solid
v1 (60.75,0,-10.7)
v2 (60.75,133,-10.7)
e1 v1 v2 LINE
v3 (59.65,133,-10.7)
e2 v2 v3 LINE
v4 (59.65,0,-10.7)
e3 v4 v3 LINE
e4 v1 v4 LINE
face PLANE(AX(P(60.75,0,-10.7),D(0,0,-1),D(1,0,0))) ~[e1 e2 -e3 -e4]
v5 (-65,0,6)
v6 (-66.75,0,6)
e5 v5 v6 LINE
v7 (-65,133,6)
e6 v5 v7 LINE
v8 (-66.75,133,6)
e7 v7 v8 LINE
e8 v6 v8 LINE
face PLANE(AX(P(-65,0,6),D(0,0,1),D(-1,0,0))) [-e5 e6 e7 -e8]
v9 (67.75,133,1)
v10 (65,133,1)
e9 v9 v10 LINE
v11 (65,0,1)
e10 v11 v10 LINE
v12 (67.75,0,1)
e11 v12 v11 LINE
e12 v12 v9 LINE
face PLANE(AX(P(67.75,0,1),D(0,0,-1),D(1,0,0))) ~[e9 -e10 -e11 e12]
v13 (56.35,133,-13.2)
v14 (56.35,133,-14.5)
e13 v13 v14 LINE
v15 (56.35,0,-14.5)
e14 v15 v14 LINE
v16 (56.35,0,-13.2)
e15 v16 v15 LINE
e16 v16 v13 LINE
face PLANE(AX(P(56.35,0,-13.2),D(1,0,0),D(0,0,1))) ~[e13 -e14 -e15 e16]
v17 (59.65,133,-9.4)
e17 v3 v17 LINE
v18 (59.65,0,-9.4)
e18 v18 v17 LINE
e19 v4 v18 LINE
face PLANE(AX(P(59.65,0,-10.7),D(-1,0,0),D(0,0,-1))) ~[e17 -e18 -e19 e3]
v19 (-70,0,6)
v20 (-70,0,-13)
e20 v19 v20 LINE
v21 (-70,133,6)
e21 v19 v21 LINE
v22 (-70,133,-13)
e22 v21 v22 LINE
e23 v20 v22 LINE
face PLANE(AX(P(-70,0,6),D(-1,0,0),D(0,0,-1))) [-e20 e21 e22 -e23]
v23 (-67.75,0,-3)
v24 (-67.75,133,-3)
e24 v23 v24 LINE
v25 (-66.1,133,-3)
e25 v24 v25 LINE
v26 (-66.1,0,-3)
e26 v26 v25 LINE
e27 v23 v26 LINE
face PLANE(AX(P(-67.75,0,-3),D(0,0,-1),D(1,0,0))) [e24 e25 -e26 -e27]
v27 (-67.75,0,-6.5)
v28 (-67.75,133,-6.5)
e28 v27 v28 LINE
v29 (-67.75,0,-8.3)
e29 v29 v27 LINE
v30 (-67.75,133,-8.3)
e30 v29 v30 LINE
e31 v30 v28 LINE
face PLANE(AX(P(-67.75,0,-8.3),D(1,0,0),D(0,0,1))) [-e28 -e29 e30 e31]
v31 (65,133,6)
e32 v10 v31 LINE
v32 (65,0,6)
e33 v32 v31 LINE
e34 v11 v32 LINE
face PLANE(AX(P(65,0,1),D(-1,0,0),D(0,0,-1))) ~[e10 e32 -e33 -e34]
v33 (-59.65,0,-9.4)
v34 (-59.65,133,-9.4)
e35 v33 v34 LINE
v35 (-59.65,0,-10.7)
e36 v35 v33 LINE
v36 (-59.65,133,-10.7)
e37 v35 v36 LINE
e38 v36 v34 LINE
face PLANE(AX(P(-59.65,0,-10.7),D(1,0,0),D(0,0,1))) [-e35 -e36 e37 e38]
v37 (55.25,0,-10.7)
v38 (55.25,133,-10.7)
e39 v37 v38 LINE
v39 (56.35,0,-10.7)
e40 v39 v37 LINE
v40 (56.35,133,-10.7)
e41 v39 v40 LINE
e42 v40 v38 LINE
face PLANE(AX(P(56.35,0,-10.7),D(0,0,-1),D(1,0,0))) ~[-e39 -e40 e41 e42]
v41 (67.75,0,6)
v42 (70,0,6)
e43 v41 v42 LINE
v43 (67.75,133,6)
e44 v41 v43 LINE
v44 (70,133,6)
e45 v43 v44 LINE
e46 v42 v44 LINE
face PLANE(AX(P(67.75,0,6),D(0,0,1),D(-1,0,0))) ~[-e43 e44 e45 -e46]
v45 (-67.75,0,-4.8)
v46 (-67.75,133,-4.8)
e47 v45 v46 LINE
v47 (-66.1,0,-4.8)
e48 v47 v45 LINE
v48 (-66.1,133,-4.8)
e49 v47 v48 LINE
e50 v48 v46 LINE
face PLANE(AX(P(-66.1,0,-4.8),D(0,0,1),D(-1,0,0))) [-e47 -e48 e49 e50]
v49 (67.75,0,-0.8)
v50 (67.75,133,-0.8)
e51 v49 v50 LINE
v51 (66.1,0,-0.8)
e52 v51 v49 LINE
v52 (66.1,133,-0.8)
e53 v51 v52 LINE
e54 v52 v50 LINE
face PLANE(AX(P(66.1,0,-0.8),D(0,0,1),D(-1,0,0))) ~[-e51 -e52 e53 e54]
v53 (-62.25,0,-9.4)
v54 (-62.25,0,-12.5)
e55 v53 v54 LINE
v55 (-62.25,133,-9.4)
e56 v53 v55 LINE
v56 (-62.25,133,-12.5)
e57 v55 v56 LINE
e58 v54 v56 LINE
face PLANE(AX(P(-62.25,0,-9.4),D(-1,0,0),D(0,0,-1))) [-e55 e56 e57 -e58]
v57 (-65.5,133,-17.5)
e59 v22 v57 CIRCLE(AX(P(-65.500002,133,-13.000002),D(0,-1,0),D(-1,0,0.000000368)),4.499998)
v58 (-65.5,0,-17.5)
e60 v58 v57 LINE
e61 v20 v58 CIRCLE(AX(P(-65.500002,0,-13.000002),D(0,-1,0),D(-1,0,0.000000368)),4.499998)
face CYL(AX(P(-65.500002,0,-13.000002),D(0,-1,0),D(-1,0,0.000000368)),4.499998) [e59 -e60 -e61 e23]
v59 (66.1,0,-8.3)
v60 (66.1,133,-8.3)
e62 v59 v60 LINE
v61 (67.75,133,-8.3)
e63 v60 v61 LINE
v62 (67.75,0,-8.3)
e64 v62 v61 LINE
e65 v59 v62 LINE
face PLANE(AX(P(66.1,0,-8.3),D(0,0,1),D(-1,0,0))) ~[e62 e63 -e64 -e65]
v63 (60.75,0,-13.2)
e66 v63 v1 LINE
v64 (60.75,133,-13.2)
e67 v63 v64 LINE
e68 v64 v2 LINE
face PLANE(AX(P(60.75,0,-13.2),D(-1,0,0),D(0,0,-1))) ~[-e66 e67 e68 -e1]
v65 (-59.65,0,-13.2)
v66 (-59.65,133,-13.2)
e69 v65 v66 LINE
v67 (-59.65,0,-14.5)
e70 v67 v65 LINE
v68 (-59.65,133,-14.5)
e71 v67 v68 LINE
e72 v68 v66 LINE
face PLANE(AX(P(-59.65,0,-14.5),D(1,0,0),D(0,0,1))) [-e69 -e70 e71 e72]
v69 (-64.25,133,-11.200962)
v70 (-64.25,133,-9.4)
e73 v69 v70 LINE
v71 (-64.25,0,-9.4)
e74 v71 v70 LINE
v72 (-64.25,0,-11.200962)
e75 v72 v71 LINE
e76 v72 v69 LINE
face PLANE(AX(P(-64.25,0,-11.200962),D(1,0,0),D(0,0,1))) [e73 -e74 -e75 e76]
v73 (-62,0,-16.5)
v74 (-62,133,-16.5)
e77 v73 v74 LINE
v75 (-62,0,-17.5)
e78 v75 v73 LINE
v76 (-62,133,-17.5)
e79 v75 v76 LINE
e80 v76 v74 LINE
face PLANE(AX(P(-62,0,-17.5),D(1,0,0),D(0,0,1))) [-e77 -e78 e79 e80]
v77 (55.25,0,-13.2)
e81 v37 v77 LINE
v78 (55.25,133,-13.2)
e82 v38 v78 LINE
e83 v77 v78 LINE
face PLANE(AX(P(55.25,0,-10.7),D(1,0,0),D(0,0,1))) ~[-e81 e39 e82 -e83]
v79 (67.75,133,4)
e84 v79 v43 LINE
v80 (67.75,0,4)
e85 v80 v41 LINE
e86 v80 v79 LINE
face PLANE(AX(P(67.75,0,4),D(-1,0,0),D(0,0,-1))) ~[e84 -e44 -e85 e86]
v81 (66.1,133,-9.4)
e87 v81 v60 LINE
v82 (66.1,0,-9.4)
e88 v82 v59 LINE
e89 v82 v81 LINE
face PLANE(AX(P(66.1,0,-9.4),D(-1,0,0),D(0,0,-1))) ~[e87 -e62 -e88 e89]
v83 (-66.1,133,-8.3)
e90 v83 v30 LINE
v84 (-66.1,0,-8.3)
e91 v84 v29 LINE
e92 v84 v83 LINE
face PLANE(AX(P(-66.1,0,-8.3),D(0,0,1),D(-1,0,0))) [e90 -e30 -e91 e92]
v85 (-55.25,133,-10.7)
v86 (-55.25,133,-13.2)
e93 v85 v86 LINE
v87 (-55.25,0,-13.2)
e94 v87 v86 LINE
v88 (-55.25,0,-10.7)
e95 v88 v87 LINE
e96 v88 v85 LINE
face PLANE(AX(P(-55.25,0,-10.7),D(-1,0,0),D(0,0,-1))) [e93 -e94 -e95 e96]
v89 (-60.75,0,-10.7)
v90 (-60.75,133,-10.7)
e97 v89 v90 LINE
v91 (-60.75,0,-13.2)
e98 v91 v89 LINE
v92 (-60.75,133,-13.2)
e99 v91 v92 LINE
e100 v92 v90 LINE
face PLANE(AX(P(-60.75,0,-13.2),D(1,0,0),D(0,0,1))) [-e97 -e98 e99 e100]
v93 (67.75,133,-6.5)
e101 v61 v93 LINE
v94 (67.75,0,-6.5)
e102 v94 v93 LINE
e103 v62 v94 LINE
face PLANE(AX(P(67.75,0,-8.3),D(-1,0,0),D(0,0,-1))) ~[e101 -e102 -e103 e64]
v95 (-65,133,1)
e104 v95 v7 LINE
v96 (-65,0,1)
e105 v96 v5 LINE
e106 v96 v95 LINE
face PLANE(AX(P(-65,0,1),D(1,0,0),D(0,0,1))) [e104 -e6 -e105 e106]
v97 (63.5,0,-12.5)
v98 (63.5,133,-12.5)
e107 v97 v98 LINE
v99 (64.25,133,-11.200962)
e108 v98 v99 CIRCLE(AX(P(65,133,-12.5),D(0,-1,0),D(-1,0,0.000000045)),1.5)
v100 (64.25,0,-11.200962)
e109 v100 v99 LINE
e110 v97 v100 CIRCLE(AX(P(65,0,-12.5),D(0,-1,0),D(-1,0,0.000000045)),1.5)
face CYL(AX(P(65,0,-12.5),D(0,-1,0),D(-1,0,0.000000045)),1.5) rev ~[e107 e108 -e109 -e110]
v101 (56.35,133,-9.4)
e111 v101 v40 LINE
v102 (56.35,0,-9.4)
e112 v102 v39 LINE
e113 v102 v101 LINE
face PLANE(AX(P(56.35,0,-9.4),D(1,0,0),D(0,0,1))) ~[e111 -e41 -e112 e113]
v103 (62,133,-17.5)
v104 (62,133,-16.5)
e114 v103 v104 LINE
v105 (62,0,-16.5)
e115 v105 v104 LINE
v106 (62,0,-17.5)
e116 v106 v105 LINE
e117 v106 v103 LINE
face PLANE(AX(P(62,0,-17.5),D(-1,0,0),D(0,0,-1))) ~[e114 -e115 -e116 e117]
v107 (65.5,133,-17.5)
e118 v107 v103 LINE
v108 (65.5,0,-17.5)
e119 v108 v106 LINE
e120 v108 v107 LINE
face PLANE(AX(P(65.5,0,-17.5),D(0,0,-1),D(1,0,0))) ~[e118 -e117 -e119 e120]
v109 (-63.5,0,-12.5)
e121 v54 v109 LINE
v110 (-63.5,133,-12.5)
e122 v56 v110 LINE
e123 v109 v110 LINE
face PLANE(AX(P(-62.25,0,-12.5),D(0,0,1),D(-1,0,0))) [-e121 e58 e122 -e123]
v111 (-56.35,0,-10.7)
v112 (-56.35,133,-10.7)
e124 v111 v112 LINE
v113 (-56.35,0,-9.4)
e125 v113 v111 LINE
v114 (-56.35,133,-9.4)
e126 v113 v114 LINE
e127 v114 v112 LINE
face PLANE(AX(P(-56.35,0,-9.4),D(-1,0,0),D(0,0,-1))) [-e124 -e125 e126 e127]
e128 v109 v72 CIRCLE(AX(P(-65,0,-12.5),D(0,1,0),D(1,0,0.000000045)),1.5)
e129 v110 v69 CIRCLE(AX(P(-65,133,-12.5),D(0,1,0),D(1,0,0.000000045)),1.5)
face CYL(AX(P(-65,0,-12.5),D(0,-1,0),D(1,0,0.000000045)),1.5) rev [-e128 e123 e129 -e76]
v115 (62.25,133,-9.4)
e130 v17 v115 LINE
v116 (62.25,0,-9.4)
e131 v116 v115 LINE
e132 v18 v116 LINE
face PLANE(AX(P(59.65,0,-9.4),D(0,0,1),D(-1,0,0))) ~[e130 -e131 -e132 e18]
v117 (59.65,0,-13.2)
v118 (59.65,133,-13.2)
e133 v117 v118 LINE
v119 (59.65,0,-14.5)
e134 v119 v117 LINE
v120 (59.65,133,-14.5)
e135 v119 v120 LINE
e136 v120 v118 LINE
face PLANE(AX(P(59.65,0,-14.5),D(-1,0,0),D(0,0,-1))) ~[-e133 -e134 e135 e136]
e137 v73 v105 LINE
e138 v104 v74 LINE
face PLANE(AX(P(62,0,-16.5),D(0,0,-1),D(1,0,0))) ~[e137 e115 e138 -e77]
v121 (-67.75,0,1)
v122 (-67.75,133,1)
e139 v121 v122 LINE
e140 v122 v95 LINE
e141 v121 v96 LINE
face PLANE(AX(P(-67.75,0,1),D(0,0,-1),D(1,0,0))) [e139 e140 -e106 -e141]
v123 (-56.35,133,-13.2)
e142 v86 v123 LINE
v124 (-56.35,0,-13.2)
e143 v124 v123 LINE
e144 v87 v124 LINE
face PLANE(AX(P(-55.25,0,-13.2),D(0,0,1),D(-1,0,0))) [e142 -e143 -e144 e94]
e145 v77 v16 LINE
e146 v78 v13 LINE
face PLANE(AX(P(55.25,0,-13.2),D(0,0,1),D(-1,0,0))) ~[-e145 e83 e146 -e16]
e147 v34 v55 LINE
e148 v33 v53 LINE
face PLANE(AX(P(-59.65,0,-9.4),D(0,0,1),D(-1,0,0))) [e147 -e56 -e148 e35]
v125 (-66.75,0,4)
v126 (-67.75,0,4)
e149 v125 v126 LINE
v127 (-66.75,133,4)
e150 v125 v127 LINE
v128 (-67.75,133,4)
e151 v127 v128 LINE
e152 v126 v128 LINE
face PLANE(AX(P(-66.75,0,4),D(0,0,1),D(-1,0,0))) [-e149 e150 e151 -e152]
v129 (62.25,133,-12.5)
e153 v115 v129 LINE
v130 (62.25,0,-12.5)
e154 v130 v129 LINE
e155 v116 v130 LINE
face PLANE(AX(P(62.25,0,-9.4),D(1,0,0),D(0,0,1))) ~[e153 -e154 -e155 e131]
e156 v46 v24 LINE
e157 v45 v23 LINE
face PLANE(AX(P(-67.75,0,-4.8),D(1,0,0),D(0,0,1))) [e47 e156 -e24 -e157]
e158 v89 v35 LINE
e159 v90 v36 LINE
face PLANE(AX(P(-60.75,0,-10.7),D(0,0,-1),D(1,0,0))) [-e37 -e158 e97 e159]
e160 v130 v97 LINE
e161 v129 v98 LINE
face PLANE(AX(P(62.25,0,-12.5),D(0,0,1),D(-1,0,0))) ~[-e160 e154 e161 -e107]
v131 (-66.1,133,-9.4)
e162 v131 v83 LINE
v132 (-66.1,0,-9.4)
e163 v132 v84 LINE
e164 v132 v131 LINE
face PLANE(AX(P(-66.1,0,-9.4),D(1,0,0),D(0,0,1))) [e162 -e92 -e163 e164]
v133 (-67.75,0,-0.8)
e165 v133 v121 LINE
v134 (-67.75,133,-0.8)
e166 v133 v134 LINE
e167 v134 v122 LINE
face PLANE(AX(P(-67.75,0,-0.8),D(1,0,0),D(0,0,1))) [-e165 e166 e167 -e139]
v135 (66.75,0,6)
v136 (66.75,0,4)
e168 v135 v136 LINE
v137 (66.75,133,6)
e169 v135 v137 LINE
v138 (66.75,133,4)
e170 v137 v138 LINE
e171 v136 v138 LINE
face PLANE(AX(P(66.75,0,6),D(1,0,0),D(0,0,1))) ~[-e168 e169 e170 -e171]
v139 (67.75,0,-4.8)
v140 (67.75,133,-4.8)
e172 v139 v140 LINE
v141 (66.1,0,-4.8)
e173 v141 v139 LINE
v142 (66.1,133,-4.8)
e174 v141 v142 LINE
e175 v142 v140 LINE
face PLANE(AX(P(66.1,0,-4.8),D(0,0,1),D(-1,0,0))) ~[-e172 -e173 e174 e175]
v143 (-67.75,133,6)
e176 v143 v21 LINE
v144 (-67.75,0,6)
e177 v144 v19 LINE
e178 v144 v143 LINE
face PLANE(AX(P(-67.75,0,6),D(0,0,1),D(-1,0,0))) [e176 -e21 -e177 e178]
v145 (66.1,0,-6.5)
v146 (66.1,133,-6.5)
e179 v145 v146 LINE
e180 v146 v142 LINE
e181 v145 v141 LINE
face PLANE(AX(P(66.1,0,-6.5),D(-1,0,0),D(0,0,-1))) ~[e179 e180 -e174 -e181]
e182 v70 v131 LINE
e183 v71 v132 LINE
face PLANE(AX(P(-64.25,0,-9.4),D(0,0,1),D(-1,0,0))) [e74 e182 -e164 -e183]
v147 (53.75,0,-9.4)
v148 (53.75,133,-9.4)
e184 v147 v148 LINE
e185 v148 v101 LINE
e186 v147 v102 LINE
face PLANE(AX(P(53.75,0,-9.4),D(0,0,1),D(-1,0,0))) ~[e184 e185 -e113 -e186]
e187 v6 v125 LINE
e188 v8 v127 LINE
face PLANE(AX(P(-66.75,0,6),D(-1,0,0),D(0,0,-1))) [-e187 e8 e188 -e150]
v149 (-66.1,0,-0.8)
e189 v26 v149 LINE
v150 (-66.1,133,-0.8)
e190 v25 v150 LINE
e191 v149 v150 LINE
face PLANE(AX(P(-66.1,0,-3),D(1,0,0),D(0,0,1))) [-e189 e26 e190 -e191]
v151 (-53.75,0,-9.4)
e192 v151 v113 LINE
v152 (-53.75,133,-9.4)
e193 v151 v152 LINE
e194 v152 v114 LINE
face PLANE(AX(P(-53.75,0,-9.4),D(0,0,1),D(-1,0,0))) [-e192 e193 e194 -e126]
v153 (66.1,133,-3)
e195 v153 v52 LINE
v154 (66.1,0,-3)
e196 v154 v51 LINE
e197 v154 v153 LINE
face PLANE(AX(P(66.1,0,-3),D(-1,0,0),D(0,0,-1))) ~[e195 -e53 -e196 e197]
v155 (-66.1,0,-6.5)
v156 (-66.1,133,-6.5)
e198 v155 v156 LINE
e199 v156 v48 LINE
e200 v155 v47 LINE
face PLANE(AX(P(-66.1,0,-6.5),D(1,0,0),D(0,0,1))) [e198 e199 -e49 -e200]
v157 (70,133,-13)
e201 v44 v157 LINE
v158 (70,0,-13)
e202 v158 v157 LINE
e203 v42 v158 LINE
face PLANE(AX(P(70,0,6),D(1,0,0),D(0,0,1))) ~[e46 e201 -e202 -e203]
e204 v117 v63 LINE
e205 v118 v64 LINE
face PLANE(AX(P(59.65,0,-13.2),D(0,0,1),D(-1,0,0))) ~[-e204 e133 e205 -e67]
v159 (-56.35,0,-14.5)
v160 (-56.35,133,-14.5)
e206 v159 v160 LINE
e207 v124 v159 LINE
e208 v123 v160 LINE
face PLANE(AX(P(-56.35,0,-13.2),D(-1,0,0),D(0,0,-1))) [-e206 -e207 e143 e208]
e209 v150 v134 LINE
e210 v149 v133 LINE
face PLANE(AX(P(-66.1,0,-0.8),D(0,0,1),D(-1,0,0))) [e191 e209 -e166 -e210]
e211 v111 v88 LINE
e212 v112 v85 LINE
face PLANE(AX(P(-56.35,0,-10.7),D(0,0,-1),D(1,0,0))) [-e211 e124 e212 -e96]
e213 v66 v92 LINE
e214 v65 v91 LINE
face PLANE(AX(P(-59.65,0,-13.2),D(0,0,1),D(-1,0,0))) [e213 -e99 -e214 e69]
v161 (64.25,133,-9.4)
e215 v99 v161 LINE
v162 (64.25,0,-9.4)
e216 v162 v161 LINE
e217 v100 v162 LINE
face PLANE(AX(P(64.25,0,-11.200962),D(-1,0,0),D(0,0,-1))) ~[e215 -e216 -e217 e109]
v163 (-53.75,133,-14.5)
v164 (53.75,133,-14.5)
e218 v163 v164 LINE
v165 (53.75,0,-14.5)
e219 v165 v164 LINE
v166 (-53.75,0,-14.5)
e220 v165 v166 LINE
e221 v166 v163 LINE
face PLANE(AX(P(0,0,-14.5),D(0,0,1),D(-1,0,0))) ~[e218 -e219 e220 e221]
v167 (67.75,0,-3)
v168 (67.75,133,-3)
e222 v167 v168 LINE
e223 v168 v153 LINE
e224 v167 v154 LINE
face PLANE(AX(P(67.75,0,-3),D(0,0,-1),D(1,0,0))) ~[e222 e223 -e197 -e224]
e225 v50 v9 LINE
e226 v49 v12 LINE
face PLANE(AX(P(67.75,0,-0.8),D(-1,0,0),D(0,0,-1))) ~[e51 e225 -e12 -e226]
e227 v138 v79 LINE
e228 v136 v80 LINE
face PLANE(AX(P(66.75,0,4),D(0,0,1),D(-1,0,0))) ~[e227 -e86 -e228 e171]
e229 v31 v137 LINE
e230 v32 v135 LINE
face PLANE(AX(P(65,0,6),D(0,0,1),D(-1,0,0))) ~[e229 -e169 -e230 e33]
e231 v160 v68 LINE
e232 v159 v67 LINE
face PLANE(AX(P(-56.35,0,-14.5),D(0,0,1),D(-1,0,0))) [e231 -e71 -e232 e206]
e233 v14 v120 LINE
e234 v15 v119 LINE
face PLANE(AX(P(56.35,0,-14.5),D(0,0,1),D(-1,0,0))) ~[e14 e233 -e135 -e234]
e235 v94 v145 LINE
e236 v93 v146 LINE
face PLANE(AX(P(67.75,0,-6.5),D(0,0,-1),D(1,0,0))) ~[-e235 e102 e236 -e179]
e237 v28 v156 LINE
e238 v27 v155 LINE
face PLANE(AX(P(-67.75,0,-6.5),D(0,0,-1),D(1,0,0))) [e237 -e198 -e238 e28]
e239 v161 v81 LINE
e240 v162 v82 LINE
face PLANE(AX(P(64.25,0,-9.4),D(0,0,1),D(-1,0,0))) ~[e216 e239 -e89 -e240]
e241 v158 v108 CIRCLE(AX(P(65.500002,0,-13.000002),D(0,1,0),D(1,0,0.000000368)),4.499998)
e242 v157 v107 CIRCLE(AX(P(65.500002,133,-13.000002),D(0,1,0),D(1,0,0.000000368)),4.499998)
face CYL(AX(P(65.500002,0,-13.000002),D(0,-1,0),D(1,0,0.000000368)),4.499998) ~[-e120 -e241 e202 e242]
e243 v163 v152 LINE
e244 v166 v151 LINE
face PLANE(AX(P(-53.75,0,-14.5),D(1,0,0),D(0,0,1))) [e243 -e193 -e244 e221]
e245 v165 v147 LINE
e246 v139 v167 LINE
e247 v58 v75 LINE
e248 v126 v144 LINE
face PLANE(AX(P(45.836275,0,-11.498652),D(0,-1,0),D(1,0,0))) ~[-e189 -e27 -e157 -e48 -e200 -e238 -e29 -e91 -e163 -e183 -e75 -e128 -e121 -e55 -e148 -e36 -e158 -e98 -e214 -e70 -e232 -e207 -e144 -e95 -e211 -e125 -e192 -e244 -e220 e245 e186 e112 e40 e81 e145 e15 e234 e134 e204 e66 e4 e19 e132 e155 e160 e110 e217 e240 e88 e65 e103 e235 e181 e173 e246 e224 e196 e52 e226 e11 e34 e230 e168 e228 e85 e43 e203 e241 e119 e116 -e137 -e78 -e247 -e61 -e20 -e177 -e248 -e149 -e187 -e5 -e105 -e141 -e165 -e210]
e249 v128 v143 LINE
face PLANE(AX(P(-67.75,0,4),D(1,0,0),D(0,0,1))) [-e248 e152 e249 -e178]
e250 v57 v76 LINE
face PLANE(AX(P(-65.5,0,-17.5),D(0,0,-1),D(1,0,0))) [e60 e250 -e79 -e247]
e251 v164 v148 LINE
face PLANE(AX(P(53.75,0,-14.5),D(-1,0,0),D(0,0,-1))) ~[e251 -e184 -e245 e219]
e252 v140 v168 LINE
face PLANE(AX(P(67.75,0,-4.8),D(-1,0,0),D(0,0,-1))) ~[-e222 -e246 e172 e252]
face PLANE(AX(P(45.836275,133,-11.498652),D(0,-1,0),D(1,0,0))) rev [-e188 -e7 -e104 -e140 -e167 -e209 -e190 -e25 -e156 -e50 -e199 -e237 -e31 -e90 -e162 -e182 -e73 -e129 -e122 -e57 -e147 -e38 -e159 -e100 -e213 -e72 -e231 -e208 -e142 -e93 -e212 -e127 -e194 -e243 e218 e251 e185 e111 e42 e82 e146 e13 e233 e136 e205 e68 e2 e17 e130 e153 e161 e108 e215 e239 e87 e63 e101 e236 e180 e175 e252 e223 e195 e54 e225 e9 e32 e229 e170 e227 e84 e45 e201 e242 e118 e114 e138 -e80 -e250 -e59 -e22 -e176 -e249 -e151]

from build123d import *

# Parameters (mm, degrees)
F1_DEPTH = 133


with BuildPart() as f1:
    # F0 (on Front) → F1 (new body)
    with BuildSketch(Plane.XZ):
        with BuildLine():
            Line((-67.75, 6), (-70, 6))
            Line((-70, 6), (-70, -13))
            ThreePointArc((-70, -13), (-68.681981, -16.181981), (-65.5, -17.5))
            Line((-65.5, -17.5), (-62, -17.5))
            Line((-62, -17.5), (-62, -16.5))
            Line((-62, -16.5), (0, -16.5))
            Line((0, -16.5), (0, -14.5))
            Line((0, -14.5), (-53.75, -14.5))
            Line((-53.75, -14.5), (-53.75, -9.4))
            Line((-53.75, -9.4), (-56.35, -9.4))
            Line((-56.35, -9.4), (-56.35, -10.7))
            Line((-56.35, -10.7), (-55.25, -10.7))
            Line((-55.25, -10.7), (-55.25, -13.2))
            Line((-55.25, -13.2), (-56.35, -13.2))
            Line((-56.35, -13.2), (-56.35, -14.5))
            Line((-56.35, -14.5), (-59.65, -14.5))
            Line((-59.65, -14.5), (-59.65, -13.2))
            Line((-59.65, -13.2), (-60.75, -13.2))
            Line((-60.75, -13.2), (-60.75, -10.7))
            Line((-60.75, -10.7), (-59.65, -10.7))
            Line((-59.65, -10.7), (-59.65, -9.4))
            Line((-59.65, -9.4), (-62.25, -9.4))
            Line((-62.25, -9.4), (-62.25, -12.5))
            Line((-62.25, -12.5), (-63.5, -12.5))
            ThreePointArc((-63.5, -12.5), (-66.299038, -13.25), (-64.25, -11.200962))
            Line((-64.25, -11.200962), (-64.25, -9.4))
            Line((-64.25, -9.4), (-66.1, -9.4))
            Line((-66.1, -9.4), (-66.1, -8.3))
            Line((-66.1, -8.3), (-67.75, -8.3))
            Line((-67.75, -8.3), (-67.75, -6.5))
            Line((-67.75, -6.5), (-66.1, -6.5))
            Line((-66.1, -6.5), (-66.1, -4.8))
            Line((-66.1, -4.8), (-67.75, -4.8))
            Line((-67.75, -4.8), (-67.75, -3))
            Line((-67.75, -3), (-66.1, -3))
            Line((-66.1, -3), (-66.1, -0.8))
            Line((-66.1, -0.8), (-67.75, -0.8))
            Line((-67.75, -0.8), (-67.75, 1))
            Line((-67.75, 1), (-65, 1))
            Line((-65, 1), (-65, 6))
            Line((-65, 6), (-66.75, 6))
            Line((-66.75, 6), (-66.75, 4))
            Line((-66.75, 4), (-67.75, 4))
            Line((-67.75, 4), (-67.75, 6))
        make_face()
    extrude(amount=-F1_DEPTH)

    # F2: F1 across face


with BuildPart() as f1_1:
    add(f1.part)
    add(f1.part.mirror(Plane(origin=(0, 66.5, -15.5), x_dir=(0, 1, 0), z_dir=(1, 0, 0))))


solid = f1_1.part
